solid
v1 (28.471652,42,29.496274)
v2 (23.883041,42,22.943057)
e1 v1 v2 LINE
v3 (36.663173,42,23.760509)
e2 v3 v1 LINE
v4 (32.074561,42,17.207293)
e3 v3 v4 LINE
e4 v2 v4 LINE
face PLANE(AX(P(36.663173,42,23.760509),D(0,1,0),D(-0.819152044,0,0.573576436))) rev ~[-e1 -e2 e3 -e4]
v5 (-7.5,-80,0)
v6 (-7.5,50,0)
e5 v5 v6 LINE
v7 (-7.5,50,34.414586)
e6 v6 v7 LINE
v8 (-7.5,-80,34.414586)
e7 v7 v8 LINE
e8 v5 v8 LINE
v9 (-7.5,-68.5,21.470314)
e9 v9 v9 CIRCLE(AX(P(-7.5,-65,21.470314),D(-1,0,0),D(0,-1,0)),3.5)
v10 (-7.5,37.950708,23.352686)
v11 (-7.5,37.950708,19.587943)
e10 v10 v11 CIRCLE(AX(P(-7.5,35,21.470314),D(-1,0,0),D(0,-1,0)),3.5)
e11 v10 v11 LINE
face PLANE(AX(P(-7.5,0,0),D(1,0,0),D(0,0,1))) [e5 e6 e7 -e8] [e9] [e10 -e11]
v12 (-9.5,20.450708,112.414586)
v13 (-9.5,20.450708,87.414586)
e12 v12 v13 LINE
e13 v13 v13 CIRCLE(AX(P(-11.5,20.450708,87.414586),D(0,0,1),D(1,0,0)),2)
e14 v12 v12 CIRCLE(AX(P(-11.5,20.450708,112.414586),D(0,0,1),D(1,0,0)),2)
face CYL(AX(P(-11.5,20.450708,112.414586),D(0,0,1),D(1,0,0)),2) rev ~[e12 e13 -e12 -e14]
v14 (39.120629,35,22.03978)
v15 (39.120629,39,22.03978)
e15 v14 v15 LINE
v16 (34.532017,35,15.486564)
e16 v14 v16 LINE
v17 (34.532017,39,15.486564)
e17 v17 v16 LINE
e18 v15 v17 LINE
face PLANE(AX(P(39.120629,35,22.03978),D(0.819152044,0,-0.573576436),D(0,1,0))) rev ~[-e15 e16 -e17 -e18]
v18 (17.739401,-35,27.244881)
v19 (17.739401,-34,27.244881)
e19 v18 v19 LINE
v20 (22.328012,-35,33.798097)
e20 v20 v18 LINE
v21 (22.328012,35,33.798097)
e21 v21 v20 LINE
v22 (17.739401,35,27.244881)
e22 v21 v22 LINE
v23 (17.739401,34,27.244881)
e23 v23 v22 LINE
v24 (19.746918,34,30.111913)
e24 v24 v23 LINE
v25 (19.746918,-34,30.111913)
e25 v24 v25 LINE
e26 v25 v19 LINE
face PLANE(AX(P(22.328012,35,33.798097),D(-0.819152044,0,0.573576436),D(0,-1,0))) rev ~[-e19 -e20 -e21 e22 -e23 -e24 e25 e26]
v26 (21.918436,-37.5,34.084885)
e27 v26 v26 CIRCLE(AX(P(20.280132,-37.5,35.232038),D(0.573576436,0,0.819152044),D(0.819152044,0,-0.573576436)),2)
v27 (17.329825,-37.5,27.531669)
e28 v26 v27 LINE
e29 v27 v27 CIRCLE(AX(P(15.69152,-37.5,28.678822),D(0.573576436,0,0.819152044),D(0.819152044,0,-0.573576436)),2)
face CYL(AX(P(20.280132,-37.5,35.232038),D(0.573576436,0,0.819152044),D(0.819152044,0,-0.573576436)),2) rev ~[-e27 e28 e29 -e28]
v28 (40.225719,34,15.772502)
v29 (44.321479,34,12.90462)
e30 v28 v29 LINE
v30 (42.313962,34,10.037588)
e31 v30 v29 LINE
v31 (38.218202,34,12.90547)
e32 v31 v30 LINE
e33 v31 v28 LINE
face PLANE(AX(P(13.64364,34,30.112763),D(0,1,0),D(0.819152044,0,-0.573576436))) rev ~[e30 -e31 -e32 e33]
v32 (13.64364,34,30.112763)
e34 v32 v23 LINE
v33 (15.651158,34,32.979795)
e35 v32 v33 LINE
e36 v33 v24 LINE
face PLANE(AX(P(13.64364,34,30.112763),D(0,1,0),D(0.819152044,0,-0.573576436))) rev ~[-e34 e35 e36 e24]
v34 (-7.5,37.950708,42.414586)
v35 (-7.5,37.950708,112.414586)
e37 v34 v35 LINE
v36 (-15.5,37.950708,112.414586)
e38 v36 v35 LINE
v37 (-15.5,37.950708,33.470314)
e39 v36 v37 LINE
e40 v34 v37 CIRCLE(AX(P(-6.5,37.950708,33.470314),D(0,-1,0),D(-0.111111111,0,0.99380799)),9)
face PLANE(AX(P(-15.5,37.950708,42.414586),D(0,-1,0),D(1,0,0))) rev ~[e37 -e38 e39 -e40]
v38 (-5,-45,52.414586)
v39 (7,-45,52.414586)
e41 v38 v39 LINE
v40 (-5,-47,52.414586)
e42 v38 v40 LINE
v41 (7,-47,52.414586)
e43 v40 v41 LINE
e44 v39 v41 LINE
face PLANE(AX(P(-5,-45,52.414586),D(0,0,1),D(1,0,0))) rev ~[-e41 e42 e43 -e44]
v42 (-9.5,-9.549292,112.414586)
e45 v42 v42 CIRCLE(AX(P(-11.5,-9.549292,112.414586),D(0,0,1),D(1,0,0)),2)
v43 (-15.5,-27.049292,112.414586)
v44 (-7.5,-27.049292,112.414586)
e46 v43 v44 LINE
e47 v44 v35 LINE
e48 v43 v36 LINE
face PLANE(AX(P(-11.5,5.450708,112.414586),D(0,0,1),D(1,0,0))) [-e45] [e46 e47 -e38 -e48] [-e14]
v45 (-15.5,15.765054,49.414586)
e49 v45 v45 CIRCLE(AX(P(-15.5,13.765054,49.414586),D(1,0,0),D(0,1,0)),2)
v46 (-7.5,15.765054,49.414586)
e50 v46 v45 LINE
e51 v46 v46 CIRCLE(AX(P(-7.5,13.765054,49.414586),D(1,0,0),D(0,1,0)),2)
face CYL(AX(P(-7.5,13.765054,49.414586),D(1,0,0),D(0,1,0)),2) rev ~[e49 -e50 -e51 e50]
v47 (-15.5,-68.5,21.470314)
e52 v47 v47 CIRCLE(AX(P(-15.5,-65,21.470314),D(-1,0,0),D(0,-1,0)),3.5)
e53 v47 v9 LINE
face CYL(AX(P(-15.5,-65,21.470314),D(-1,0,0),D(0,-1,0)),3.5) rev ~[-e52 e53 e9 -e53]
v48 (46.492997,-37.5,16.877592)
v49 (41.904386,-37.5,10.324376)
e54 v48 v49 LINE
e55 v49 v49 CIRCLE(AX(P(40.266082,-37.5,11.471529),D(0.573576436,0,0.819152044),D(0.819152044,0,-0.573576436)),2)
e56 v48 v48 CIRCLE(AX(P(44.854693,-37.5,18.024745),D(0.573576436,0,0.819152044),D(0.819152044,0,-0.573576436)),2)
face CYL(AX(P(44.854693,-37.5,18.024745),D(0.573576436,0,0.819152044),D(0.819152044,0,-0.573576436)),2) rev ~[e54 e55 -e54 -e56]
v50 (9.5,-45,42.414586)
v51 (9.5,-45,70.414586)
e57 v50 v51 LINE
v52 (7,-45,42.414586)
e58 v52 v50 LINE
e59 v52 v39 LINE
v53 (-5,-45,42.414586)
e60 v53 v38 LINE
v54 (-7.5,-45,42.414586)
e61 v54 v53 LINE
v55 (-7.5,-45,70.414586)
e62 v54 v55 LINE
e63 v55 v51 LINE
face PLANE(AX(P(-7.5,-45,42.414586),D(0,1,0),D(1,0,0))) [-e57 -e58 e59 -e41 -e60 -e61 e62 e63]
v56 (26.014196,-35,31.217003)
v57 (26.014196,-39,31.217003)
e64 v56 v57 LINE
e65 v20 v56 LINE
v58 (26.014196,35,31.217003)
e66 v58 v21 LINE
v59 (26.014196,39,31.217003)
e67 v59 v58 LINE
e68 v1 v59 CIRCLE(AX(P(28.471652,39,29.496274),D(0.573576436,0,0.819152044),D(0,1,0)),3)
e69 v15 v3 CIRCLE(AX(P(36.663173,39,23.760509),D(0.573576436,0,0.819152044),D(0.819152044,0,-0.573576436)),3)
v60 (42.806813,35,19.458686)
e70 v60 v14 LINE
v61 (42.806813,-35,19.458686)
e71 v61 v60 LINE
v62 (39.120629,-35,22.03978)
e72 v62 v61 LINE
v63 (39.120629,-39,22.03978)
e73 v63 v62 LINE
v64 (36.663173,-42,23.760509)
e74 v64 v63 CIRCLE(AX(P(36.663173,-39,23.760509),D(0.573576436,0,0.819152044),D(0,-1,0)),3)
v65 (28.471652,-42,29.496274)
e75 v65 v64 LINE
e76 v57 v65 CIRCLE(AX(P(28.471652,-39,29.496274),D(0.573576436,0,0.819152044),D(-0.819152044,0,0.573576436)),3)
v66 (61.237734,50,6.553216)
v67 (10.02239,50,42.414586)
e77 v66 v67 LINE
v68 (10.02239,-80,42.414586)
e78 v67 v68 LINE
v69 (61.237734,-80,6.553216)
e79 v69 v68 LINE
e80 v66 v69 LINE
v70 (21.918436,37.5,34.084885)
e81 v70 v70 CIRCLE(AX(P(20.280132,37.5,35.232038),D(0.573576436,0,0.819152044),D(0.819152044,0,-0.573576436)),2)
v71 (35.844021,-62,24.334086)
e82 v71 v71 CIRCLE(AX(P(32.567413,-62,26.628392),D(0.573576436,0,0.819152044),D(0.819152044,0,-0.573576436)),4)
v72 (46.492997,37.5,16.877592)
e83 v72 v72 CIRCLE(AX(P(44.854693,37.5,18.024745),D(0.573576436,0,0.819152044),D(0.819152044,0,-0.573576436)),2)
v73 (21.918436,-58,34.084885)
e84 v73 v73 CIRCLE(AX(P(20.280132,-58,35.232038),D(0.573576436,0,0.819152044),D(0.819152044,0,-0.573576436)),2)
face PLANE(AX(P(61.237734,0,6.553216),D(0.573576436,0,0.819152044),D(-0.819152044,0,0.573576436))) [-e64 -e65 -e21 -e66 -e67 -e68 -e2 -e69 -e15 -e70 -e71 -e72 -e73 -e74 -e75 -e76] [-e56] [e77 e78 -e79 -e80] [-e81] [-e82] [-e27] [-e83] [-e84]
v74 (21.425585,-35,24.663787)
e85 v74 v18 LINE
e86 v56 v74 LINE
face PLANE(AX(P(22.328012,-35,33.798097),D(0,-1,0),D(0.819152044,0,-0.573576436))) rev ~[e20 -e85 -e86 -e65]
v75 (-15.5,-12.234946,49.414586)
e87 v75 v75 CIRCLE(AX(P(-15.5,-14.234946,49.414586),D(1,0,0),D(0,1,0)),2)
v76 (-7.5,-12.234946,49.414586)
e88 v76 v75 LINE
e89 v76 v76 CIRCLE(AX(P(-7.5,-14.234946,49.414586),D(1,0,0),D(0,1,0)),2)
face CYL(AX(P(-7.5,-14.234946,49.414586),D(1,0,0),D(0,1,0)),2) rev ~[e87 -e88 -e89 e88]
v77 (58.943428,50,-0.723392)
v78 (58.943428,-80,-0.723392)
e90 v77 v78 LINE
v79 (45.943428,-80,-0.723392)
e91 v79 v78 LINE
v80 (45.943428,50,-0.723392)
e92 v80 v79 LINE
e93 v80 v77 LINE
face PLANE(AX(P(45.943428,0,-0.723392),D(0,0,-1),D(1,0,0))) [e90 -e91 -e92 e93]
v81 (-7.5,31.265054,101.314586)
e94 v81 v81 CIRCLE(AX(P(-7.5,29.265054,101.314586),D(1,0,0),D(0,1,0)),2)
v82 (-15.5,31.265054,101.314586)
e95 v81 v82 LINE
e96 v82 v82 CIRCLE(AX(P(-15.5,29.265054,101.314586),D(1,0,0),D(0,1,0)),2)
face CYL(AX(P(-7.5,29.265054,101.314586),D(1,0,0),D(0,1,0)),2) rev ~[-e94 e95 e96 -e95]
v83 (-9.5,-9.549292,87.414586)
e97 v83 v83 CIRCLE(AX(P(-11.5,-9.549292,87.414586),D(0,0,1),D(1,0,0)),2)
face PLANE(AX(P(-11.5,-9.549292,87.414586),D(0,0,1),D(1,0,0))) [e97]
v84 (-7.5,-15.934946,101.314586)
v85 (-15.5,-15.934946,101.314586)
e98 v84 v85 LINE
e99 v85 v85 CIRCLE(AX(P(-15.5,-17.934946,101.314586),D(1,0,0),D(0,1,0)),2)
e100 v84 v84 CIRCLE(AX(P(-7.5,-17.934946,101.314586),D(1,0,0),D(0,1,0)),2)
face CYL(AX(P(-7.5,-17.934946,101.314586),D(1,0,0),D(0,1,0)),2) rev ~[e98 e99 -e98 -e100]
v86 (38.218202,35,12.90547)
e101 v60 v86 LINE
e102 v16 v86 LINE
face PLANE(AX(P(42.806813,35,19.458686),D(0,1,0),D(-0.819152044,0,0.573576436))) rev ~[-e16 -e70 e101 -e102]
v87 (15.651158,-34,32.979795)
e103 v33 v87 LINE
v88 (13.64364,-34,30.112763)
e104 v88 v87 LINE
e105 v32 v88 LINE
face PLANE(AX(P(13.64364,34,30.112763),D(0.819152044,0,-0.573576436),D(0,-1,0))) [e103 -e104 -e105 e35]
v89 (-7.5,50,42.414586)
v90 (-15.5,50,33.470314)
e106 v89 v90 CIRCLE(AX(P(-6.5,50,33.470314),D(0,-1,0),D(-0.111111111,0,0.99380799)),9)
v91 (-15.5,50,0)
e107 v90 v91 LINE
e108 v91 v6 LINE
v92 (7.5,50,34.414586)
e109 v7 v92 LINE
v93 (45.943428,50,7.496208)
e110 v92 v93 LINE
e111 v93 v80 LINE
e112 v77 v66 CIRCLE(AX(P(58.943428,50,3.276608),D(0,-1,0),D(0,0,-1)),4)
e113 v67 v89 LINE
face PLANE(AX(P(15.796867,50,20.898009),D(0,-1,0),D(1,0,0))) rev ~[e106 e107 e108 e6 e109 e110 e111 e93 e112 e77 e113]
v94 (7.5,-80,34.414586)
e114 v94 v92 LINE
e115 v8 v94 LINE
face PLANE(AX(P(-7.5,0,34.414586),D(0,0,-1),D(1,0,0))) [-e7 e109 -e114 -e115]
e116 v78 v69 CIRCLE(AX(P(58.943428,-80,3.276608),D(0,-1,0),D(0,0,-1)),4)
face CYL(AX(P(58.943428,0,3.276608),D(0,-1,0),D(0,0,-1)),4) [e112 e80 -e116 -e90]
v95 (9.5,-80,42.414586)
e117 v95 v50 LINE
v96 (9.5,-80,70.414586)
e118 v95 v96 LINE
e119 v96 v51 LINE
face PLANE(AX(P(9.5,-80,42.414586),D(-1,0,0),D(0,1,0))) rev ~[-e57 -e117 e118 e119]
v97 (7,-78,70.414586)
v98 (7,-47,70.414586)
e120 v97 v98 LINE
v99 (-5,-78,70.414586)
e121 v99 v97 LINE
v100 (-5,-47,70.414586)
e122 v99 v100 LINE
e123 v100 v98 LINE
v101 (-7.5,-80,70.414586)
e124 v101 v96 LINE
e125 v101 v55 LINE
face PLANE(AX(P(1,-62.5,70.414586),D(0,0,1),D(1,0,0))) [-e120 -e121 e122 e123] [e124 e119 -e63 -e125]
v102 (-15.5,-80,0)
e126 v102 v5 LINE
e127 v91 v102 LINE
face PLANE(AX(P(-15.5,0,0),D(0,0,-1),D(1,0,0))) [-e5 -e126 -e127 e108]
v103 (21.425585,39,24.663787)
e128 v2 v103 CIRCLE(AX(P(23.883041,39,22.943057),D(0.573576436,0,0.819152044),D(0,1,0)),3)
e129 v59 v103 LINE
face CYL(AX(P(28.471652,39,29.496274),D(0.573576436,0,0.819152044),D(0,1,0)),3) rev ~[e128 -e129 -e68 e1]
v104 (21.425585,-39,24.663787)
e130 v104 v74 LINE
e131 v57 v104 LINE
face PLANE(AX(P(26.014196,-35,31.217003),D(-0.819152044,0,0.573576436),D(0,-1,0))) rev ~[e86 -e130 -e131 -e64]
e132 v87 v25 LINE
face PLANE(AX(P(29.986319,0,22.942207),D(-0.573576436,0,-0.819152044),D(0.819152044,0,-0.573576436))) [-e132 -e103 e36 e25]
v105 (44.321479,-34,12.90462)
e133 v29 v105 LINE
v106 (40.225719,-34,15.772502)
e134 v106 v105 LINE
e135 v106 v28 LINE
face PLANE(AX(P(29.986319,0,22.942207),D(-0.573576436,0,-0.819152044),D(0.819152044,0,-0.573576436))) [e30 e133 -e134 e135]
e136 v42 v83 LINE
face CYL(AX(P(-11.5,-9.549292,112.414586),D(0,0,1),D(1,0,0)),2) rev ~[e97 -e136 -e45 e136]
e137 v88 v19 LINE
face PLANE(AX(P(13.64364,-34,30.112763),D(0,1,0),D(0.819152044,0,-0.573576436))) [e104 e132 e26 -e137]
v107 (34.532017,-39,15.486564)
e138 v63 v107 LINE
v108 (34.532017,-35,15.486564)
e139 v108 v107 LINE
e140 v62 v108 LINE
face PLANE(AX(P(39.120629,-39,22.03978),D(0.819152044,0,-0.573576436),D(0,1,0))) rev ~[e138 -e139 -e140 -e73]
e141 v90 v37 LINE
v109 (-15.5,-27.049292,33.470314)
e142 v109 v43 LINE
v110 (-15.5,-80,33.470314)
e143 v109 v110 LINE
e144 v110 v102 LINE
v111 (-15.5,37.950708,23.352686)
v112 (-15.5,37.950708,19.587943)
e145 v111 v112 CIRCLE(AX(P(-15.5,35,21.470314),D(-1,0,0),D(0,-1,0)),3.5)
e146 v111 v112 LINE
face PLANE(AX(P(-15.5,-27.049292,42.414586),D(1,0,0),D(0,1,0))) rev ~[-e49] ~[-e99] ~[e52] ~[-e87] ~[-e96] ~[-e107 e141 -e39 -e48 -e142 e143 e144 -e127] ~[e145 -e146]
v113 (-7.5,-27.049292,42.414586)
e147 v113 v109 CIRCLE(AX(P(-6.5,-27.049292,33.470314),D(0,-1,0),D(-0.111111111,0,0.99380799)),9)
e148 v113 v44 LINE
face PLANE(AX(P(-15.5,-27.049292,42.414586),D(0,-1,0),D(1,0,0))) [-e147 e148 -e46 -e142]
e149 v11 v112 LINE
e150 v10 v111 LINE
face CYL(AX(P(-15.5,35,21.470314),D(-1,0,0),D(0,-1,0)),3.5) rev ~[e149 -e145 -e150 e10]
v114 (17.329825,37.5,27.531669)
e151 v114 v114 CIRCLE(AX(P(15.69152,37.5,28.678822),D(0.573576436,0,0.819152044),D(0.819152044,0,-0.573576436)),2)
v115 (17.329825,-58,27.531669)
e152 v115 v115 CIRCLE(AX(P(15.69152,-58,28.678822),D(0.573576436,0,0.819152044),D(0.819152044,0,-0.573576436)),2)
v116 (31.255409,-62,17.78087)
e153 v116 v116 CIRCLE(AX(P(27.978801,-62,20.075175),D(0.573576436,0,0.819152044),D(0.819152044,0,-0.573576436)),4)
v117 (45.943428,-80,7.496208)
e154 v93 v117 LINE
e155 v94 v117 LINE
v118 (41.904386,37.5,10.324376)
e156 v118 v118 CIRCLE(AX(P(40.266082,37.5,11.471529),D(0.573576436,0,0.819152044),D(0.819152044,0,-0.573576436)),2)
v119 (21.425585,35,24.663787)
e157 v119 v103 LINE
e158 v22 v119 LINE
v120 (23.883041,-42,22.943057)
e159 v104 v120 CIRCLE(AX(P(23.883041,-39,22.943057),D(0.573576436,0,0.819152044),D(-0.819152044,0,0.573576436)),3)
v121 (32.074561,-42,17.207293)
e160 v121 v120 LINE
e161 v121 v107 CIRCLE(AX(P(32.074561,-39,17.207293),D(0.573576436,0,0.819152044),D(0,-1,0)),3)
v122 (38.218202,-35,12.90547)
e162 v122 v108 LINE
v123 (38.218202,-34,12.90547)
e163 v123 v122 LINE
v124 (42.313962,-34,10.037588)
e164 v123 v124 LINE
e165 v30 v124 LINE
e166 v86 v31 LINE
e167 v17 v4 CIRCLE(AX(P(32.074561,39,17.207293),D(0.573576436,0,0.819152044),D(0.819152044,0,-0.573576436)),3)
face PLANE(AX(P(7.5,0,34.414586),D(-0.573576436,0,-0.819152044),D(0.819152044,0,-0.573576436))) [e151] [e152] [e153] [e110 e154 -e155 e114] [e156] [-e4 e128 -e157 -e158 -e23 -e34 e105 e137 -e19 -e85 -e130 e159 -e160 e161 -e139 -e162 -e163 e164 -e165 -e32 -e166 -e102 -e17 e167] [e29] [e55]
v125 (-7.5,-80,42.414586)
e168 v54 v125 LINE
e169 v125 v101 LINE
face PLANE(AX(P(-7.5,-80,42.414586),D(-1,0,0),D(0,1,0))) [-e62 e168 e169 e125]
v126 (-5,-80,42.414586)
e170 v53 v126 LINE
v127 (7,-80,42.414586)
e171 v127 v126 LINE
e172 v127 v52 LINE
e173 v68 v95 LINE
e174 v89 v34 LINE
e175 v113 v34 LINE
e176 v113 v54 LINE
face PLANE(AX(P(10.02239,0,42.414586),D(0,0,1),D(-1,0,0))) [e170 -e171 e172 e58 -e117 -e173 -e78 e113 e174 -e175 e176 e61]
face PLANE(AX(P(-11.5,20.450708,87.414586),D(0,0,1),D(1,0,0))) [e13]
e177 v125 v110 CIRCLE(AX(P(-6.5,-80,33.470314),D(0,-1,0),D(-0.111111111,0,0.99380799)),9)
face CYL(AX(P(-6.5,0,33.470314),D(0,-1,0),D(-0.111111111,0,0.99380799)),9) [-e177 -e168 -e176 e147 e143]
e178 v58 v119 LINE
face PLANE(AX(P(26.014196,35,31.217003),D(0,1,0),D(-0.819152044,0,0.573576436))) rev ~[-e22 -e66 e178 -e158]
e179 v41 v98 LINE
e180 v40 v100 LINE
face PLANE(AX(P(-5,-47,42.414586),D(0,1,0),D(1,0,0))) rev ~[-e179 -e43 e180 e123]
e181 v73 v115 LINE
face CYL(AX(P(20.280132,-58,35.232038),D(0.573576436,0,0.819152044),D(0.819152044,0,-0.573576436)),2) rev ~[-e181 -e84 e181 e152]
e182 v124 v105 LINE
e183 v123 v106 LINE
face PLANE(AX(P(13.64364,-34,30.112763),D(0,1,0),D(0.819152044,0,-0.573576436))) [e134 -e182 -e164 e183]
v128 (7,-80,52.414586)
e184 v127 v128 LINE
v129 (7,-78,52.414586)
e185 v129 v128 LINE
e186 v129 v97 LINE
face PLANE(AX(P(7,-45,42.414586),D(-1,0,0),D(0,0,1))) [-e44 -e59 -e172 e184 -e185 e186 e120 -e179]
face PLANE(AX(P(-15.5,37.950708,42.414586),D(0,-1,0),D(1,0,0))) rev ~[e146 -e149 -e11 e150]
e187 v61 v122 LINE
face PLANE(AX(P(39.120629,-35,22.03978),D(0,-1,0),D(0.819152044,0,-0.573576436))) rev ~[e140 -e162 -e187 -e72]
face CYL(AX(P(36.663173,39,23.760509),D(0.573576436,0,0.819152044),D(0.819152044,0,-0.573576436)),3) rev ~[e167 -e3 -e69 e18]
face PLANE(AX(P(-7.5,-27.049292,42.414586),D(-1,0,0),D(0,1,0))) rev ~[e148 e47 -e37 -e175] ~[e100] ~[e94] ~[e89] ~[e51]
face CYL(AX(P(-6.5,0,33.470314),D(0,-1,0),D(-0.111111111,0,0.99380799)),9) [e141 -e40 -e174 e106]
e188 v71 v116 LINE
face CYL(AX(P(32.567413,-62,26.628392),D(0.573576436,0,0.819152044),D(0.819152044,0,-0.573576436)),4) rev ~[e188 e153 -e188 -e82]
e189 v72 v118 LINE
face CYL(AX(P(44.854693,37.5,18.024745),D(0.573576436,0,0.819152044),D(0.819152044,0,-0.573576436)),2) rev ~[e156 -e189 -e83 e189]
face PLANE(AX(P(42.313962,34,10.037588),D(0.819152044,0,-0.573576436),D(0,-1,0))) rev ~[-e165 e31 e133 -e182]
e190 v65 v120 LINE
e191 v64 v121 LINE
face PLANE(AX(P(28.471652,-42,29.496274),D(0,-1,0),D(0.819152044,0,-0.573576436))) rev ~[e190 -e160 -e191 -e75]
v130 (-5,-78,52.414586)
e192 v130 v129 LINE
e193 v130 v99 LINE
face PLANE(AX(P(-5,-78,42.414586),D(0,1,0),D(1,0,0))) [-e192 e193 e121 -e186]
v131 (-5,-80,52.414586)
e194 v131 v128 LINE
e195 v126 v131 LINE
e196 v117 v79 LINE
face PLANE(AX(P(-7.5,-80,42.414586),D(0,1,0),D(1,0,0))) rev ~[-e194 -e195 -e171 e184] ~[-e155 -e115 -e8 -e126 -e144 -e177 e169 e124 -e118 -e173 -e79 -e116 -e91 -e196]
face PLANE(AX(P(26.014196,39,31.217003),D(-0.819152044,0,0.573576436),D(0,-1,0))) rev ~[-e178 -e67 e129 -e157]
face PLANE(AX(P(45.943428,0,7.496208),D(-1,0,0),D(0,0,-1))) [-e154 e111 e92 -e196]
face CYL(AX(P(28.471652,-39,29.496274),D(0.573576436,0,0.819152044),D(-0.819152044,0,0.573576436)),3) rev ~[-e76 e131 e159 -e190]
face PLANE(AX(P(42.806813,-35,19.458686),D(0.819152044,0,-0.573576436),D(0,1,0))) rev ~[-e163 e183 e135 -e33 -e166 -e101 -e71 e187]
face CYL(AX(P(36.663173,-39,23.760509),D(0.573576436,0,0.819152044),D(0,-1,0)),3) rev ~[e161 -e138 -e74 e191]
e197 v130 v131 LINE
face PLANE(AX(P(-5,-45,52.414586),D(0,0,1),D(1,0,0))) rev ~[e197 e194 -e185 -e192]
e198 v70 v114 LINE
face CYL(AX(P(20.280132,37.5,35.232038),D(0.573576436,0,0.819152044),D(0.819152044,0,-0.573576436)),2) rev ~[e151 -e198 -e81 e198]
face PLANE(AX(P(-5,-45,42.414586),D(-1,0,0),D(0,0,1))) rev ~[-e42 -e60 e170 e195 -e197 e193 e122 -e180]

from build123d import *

# Parameters (mm, degrees)
F1_DEPTH       = 80
F1_DEPTH_BACK  = 50
F2_R           = 2
F3_DEPTH       = 25
F4_W           = 17
F4_H           = 35
F4_W_2         = 12
F4_H_2         = 31
F5_DEPTH       = 28
F6_W           = 6
F6_H           = 10
F7_DEPTH       = 35.001
F8_R           = 4
F8_R_2         = 2
F9_DEPTH       = 25
F10_R          = 3.5
F11_DEPTH      = 8
F12_W          = 8
F12_H          = 65
F13_DEPTH      = 70
F13_DEPTH_BACK = 25
F14_R          = 2
F15_DEPTH      = 25
F16_R          = 2
F17_DEPTH      = 25
F18_W          = 35
F18_H          = 68
F19_DEPTH      = 3.5


with BuildPart() as f1:
    # F0 (on Front) → F1 (new body, two sides)
    with BuildSketch(Plane.XZ) as f1_sk:
        with BuildLine():
            Line((7.5, 34.4145861811), (45.9434284027, 7.4962078188))
            Line((45.9434284027, 7.4962078188), (45.9434284027, -0.7233918228))
            Line((45.9434284027, -0.7233918228), (58.9434284027, -0.7233918228))
            ThreePointArc((58.9434284027, -0.7233918228), (62.7582962057, 2.0737849791), (61.2377341481, 6.5532163543))
            Line((61.2377341481, 6.5532163543), (10.022390311, 42.4145861811))
            Line((10.022390311, 42.4145861811), (-7.5, 42.4145861811))
            ThreePointArc((-7.5, 42.4145861811), (-13.2082039325, 39.4703142711), (-15.5, 33.4703142711))
            Line((-15.5, 33.4703142711), (-15.5, 0))
            Line((-15.5, 0), (-7.5, 0))
            Line((-7.5, 0), (-7.5, 34.4145861811))
            Line((-7.5, 34.4145861811), (7.5, 34.4145861811))
        make_face()
    extrude(amount=F1_DEPTH)
    extrude(f1_sk.sketch, amount=-F1_DEPTH_BACK)

    # F2 (on face) → F3 (cut)
    with BuildSketch(Plane(origin=(23.2256022942, 0, 33.1695976219), x_dir=(0.8191520443, 0, -0.5735764364), z_dir=(0.5735764364, 0, 0.8191520443))):
        with BuildLine():
            Line((-1.0957553681, 35), (-1.0957553681, -35))
            Line((-1.0957553681, -35), (3.4042446319, -35))
            Line((3.4042446319, -35), (3.4042446319, -39))
            ThreePointArc((3.4042446319, -39), (4.2829242884, -41.1213203436), (6.4042446319, -42))
            Line((6.4042446319, -42), (16.4042446319, -42))
            ThreePointArc((16.4042446319, -42), (18.5255649755, -41.1213203436), (19.4042446319, -39))
            Line((19.4042446319, -39), (19.4042446319, -35))
            Line((19.4042446319, -35), (23.9042446319, -35))
            Line((23.9042446319, -35), (23.9042446319, 35))
            Line((23.9042446319, 35), (19.4042446319, 35))
            Line((19.4042446319, 35), (3.4042446319, 35))
            Line((3.4042446319, 35), (-1.0957553681, 35))
        make_face()
        with BuildLine():
            Line((3.4042446319, 35.0351855159), (3.4042446319, 35))
            Line((3.4042446319, 35), (19.4042446319, 35))
            Line((19.4042446319, 35), (19.4042446319, 39))
            ThreePointArc((19.4042446319, 39), (18.5255649755, 41.1213203436), (16.4042446319, 42))
            Line((16.4042446319, 42), (6.4042446319, 42))
            ThreePointArc((6.4042446319, 42), (4.2829242884, 41.1213203436), (3.4042446319, 39))
            Line((3.4042446319, 39), (3.4042446319, 35.0351855159))
        make_face()
        with Locations((-3.5957553681, -37.5)):
            Circle(F2_R)
        with Locations((-3.5957553681, 37.5)):
            Circle(F2_R)
        with Locations((26.4042446319, 37.5)):
            Circle(F2_R)
        with Locations((26.4042446319, -37.5)):
            Circle(F2_R)
    extrude(amount=-F3_DEPTH, mode=Mode.SUBTRACT)

    # F4 (on face) → F5 (join)
    with BuildSketch(Plane.XY.offset(42.4145861811)):
        with Locations((1, -62.5)):
            Rectangle(F4_W, F4_H)
        with Locations((1, -62.5)):
            Rectangle(F4_W_2, F4_H_2, mode=Mode.SUBTRACT)
    extrude(amount=F5_DEPTH)

    # F6 (on face) → F7 (cut, through all)
    with BuildSketch(Plane(origin=(0, -45, 0), x_dir=(-1, 0, 0), z_dir=(0, 1, 0))):
        with Locations((-4, 47.4145861811)):
            Rectangle(F6_W, F6_H)
        with Locations((2, 47.4145861811)):
            Rectangle(F6_W, F6_H)
    extrude(amount=-F7_DEPTH, mode=Mode.SUBTRACT)

    # F8 (on face) → F9 (cut)
    with BuildSketch(Plane(origin=(23.2256022942, 0, 33.1695976219), x_dir=(0.8191520443, 0, -0.5735764364), z_dir=(0.5735764364, 0, 0.8191520443))):
        with Locations((11.4042446319, -62)):
            Circle(F8_R)
        with Locations((-3.5957553681, -58)):
            Circle(F8_R_2)
    extrude(amount=-F9_DEPTH, mode=Mode.SUBTRACT)

    # F10 (on face) → F11 (cut, through all)
    with BuildSketch(Plane(origin=(-15.5, 0, 0), x_dir=(0, -1, 0), z_dir=(-1, 0, 0))):
        with Locations((-35, 21.4703142711)):
            Circle(F10_R)
        with Locations((65, 21.4703142711)):
            Circle(F10_R)
    extrude(amount=-F11_DEPTH, mode=Mode.SUBTRACT)

    # F12 (on face) → F13 (join, two sides)
    with BuildSketch(Plane.XY.offset(42.4145861811)) as f13_sk:
        with Locations((-11.5, 5.4507081211)):
            Rectangle(F12_W, F12_H)
    extrude(amount=F13_DEPTH)
    extrude(f13_sk.sketch, amount=-F13_DEPTH_BACK)

    # F14 (on face) → F15 (cut)
    with BuildSketch(Plane.XY.offset(112.4145861811)):
        with Locations((-11.5, -9.5492918789)):
            Circle(F14_R)
        with Locations((-11.5, 20.4507081211)):
            Circle(F14_R)
    extrude(amount=-F15_DEPTH, mode=Mode.SUBTRACT)

    # F16 (on face) → F17 (cut)
    with BuildSketch(Plane.YZ.offset(-7.5)):
        with Locations((13.7650537365, 49.4145861811)):
            Circle(F16_R)
        with Locations((-14.2349462635, 49.4145861811)):
            Circle(F16_R)
        with Locations((29.2650537365, 101.3145861811)):
            Circle(F16_R)
        with Locations((-17.9349462635, 101.3145861811)):
            Circle(F16_R)
    extrude(amount=-F17_DEPTH, mode=Mode.SUBTRACT)

    # F18 (on face) → F19 (cut)
    with BuildSketch(Plane(origin=(18.6369908034, 0, 26.6163812675), x_dir=(0.8191520443, 0, -0.5735764364), z_dir=(-0.5735764364, 0, -0.8191520443))):
        with Locations((11.4042446319, 0)):
            Rectangle(F18_W, F18_H)
    extrude(amount=-F19_DEPTH, mode=Mode.SUBTRACT)


solid = f1.part
